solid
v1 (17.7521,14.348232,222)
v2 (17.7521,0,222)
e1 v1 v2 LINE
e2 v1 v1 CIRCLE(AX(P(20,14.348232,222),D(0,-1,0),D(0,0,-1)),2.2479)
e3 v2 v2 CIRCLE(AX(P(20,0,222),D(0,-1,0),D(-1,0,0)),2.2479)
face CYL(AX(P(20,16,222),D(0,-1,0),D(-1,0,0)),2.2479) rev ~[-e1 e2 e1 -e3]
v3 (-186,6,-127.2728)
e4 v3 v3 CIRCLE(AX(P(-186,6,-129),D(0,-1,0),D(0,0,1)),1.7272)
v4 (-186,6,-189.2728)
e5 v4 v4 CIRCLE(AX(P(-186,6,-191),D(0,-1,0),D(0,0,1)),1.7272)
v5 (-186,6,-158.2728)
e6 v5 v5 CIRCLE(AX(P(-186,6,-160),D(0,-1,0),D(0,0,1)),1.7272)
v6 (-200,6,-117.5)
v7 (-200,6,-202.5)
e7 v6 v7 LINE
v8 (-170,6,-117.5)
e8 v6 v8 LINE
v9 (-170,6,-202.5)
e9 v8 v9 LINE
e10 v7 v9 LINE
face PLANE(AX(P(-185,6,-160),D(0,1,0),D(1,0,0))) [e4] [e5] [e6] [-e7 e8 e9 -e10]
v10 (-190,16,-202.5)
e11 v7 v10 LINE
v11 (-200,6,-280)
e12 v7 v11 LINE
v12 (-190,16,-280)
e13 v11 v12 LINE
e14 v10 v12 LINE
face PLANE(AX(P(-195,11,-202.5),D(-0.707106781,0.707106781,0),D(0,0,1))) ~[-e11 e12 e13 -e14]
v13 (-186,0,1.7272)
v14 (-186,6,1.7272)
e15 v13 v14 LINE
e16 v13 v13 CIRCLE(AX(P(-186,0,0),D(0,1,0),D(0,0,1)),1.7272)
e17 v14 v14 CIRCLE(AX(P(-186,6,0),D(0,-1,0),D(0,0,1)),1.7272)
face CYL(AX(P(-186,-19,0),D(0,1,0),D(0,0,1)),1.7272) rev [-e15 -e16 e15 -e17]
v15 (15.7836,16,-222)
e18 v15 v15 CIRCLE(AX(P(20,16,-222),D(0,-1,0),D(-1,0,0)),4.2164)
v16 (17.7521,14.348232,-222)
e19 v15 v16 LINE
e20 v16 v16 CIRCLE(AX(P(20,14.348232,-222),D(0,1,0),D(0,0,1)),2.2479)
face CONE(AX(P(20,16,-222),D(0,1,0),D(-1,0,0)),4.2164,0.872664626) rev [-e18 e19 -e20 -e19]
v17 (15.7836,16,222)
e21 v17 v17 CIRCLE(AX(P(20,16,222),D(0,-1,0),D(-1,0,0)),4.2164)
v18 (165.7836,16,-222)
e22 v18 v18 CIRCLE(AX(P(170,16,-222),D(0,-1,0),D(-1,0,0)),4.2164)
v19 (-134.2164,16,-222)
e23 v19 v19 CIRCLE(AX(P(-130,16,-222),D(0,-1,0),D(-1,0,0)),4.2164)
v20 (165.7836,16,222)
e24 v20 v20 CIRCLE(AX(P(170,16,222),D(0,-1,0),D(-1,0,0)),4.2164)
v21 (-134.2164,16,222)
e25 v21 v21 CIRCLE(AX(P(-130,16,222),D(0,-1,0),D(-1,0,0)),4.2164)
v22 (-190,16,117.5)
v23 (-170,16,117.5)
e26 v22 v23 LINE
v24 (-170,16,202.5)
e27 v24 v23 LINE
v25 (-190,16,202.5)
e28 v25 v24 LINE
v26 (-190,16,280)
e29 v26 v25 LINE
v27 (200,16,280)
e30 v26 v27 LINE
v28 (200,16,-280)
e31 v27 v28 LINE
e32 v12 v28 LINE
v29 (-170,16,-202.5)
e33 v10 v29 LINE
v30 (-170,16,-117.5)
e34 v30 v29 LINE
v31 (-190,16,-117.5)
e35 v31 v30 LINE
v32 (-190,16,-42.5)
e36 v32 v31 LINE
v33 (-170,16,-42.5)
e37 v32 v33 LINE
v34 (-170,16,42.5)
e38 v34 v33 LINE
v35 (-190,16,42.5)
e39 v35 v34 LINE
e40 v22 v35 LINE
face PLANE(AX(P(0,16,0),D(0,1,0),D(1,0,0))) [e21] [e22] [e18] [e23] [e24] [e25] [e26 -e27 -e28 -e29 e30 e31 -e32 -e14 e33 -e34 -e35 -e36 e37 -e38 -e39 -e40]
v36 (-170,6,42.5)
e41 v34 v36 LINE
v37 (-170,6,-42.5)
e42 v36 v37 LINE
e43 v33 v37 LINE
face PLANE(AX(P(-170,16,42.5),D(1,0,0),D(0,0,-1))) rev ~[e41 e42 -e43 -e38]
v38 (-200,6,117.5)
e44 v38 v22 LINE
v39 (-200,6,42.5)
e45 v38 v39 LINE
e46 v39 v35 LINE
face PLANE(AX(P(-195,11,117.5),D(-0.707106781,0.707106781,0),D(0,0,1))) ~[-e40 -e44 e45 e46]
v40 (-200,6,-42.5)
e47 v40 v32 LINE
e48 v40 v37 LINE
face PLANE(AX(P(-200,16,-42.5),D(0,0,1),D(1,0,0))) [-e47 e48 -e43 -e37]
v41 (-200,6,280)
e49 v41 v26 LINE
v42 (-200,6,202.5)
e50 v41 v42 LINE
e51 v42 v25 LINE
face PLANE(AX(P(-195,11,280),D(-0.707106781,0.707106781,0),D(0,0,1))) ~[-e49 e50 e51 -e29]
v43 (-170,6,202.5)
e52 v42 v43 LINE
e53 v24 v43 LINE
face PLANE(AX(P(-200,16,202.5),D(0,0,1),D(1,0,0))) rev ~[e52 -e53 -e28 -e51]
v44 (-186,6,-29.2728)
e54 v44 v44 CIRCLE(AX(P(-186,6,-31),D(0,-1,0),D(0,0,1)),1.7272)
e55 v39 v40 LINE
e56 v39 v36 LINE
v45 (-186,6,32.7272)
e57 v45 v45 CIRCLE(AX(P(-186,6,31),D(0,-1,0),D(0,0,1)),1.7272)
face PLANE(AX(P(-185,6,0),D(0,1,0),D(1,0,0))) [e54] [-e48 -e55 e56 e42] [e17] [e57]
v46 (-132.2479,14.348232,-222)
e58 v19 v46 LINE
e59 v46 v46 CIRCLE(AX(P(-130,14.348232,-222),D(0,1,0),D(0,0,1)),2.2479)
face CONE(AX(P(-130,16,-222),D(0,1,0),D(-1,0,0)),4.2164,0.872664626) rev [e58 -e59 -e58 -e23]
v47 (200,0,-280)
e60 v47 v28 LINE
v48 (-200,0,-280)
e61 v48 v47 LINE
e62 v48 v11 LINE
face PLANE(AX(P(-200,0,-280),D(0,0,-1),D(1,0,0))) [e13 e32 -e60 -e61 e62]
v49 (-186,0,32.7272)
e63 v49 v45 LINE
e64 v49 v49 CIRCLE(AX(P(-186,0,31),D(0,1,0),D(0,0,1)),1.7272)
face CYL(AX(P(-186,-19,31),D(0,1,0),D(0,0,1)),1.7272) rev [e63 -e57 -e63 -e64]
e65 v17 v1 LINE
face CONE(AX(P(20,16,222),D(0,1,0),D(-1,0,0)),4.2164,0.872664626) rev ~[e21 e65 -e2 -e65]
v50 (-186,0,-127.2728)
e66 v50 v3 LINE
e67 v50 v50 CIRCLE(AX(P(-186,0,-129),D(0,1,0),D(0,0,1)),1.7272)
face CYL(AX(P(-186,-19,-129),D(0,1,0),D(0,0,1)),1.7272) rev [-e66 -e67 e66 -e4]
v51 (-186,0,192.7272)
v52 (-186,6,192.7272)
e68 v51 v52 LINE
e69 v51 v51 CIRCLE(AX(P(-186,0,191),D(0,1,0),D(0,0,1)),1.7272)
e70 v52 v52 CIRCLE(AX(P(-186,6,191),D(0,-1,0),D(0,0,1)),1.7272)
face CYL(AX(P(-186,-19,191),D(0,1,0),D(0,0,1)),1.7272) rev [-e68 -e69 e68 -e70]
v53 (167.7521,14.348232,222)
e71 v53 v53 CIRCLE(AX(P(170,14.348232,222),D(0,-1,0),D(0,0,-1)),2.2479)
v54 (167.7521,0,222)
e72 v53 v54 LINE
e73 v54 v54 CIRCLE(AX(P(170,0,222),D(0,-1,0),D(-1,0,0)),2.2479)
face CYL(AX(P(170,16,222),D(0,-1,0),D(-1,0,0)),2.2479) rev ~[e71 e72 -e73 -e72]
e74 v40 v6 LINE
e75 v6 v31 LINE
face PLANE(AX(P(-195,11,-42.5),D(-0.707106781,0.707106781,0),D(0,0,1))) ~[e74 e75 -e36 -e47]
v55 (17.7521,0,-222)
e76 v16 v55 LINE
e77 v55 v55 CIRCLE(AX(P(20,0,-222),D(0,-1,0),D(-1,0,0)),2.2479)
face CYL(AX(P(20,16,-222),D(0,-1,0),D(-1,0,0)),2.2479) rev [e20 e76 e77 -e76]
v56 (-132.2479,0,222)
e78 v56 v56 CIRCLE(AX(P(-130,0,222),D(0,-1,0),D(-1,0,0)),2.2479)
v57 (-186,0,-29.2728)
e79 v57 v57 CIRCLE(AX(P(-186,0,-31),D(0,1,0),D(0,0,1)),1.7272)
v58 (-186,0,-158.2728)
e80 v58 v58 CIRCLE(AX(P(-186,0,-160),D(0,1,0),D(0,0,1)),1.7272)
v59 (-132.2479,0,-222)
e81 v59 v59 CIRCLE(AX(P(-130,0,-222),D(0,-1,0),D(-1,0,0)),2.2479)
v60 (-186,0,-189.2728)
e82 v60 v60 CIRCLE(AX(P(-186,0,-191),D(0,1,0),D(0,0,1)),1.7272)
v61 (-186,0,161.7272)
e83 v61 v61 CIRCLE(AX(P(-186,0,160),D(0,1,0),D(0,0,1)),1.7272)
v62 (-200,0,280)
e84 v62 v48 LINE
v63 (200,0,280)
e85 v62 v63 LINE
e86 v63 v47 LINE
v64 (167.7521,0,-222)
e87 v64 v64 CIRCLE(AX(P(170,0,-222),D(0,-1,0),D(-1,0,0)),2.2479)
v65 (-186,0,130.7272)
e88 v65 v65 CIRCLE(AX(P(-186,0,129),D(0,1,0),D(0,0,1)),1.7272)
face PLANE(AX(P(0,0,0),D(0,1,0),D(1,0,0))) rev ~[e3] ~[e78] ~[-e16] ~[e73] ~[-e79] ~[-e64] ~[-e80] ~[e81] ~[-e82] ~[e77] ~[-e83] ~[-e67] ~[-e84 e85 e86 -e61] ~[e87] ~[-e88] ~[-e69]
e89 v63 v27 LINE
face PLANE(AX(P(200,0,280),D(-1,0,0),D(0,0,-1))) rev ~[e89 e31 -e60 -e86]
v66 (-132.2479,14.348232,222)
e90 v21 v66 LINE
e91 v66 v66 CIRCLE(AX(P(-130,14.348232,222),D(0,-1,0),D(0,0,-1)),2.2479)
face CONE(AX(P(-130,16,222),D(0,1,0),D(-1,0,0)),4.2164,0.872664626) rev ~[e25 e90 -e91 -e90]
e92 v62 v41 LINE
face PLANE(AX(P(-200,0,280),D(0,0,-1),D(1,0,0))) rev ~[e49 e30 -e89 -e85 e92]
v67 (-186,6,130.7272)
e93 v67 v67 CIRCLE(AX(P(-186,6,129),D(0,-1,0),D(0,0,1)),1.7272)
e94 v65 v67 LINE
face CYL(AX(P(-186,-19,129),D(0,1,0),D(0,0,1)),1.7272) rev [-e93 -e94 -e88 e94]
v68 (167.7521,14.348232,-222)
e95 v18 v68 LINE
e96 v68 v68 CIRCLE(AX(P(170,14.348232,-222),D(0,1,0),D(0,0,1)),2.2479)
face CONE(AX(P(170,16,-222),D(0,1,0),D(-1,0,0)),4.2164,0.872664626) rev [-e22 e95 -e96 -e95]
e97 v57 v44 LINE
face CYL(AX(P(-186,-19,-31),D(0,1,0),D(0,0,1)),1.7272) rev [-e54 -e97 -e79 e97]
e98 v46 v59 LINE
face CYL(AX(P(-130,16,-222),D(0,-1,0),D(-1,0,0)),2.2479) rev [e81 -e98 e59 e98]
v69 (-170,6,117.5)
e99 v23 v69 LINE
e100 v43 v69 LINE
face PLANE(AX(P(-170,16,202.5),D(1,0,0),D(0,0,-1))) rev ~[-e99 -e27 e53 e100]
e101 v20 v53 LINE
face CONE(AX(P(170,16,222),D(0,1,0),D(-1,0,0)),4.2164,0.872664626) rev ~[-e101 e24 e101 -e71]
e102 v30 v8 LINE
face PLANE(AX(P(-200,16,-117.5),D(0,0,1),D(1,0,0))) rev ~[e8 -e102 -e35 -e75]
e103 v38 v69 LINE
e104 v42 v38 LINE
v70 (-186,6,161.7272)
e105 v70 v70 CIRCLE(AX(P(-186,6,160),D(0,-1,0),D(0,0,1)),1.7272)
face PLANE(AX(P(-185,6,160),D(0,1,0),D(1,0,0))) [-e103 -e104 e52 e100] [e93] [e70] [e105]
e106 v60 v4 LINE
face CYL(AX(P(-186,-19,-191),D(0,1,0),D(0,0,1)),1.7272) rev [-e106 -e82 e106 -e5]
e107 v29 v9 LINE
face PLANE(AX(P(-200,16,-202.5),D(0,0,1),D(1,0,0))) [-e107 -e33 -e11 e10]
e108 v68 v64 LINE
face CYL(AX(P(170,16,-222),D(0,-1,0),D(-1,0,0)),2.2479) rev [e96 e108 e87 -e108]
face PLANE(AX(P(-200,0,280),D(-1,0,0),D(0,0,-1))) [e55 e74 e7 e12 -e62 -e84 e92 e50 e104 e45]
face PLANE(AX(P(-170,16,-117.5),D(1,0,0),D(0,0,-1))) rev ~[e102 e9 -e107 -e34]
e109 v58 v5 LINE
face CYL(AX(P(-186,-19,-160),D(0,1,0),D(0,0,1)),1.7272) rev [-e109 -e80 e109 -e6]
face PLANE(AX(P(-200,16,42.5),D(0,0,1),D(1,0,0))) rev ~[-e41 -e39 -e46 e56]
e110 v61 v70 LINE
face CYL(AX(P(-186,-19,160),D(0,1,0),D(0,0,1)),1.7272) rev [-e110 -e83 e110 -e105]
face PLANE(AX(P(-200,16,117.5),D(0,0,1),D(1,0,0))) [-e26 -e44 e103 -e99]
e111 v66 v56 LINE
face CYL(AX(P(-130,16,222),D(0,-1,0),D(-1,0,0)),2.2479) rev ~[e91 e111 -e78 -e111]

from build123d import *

# Parameters (mm, degrees)
SKETCH1_W                                         = 400
SKETCH1_H                                         = 560
BOSS_EXTRUDE1_DEPTH                               = 16
SKETCH2_W                                         = 30
SKETCH2_H                                         = 85
CUT_EXTRUDE1_DEPTH                                = 10
CHAMFER2_SIZE                                     = 10
F_8_36_TAPPED_HOLE1_AT_2_COUNT                    = 2
F_8_36_TAPPED_HOLE1_AT_2_PITCH                    = 31
F_8_36_TAPPED_HOLE1_AT_3_COUNT                    = 2
F_8_36_TAPPED_HOLE1_AT_3_PITCH                    = 62
LPATTERN1_COUNT                                   = 3
LPATTERN1_PITCH                                   = 160
CSK_FOR_8_FLAT_HEAD_MACHINE_SCREW_100_D           = 4.4958
CSK_FOR_8_FLAT_HEAD_MACHINE_SCREW_100_CSINK_D     = 8.4328
CSK_FOR_8_FLAT_HEAD_MACHINE_SCREW_100_CSINK_ANGLE = 100


with BuildPart() as part:
    # Sketch1 → Boss-Extrude1 (new body)
    with BuildSketch(Plane(origin=(0, 0, 0), x_dir=(1, 0, 0), z_dir=(0, 1, 0))):
        Rectangle(SKETCH1_W, SKETCH1_H)
    extrude(amount=BOSS_EXTRUDE1_DEPTH)

    # Sketch2 → Cut-Extrude1 (cut)
    with BuildSketch(Plane(origin=(0, 16, 0), x_dir=(1, 0, 0), z_dir=(0, 1, 0))):
        with Locations((-185, 160)):
            Rectangle(SKETCH2_W, SKETCH2_H)
        with Locations((-185, 0)):
            Rectangle(SKETCH2_W, SKETCH2_H)
        with Locations((-185, -160)):
            Rectangle(SKETCH2_W, SKETCH2_H)
    extrude(amount=-CUT_EXTRUDE1_DEPTH, mode=Mode.SUBTRACT)

    # Chamfer2
    chamfer2_edges = [part.edges().sort_by_distance(p)[0] for p in [
        (-200, 16, -241.25),
        (-200, 16, -80),
        (-200, 16, 80),
        (-200, 16, 241.25),
    ]]
    chamfer(chamfer2_edges, length=CHAMFER2_SIZE)

    # Sketch7 → #8-36 Tapped Hole1 (revolve, cut)
    with BuildSketch(Plane(origin=(-186, 6, 129), x_dir=(0, 0, 1), z_dir=(1, 0, 0))):
        Polygon((0, 0), (0, 26.037806461), (1.7272, 25), (1.7272, 0), align=None)
    f_8_36_tapped_hole1 = revolve(axis=Axis((-186, 12.35, 129), (0, -1, 0)), mode=Mode.SUBTRACT)

    # #8-36 Tapped Hole1 at 2: #8-36 Tapped Hole1 ×2
    with Locations(*[(0, 0, i * F_8_36_TAPPED_HOLE1_AT_2_PITCH) for i in range(1, F_8_36_TAPPED_HOLE1_AT_2_COUNT)]):
        add(f_8_36_tapped_hole1, mode=Mode.SUBTRACT)

    # #8-36 Tapped Hole1 at 3: #8-36 Tapped Hole1 ×2
    with Locations(*[(0, 0, i * F_8_36_TAPPED_HOLE1_AT_3_PITCH) for i in range(1, F_8_36_TAPPED_HOLE1_AT_3_COUNT)]):
        add(f_8_36_tapped_hole1, mode=Mode.SUBTRACT)

    # LPattern1: #8-36 Tapped Hole1 ×3
    with Locations(*[(0, 0, -i * LPATTERN1_PITCH) for i in range(1, LPATTERN1_COUNT)]):
        add(f_8_36_tapped_hole1, mode=Mode.SUBTRACT)

    # LPattern1 copy 1 sketch → LPattern1 copy 1 (revolve, cut)
    with BuildSketch(Plane(origin=(-186, 6, 0), x_dir=(0, 0, 1), z_dir=(1, 0, 0))):
        Polygon((0, 0), (0, 26.037806461), (1.7272, 25), (1.7272, 0), align=None)
    revolve(axis=Axis((-186, 12.35, 0), (0, -1, 0)), mode=Mode.SUBTRACT)

    # LPattern1 copy 2 sketch → LPattern1 copy 2 (revolve, cut)
    with BuildSketch(Plane(origin=(-186, 6, -160), x_dir=(0, 0, 1), z_dir=(1, 0, 0))):
        Polygon((0, 0), (0, 26.037806461), (1.7272, 25), (1.7272, 0), align=None)
    revolve(axis=Axis((-186, 12.35, -160), (0, -1, 0)), mode=Mode.SUBTRACT)

    # LPattern1 copy 3 sketch → LPattern1 copy 3 (revolve, cut)
    with BuildSketch(Plane(origin=(-186, 6, 31), x_dir=(0, 0, 1), z_dir=(1, 0, 0))):
        Polygon((0, 0), (0, 26.037806461), (1.7272, 25), (1.7272, 0), align=None)
    revolve(axis=Axis((-186, 12.35, 31), (0, -1, 0)), mode=Mode.SUBTRACT)

    # LPattern1 copy 4 sketch → LPattern1 copy 4 (revolve, cut)
    with BuildSketch(Plane(origin=(-186, 6, -129), x_dir=(0, 0, 1), z_dir=(1, 0, 0))):
        Polygon((0, 0), (0, 26.037806461), (1.7272, 25), (1.7272, 0), align=None)
    revolve(axis=Axis((-186, 12.35, -129), (0, -1, 0)), mode=Mode.SUBTRACT)

    # CSK for #8 Flat Head Machine Screw (100)1 (through all)
    with Locations(Plane(origin=(617.704940286, 16, 0), x_dir=(1, 0, 0), z_dir=(0, 1, 0))):
        with Locations((-447.704940286, -222), (-597.704940286, -222), (-747.704940286, -222)):
            csk_for_8_flat_head_machine_screw_100 = CounterSinkHole(CSK_FOR_8_FLAT_HEAD_MACHINE_SCREW_100_D / 2, CSK_FOR_8_FLAT_HEAD_MACHINE_SCREW_100_CSINK_D / 2, counter_sink_angle=CSK_FOR_8_FLAT_HEAD_MACHINE_SCREW_100_CSINK_ANGLE)

    # Mirror1: CSK for #8 Flat Head Machine Screw (100)1 across plane
    add(csk_for_8_flat_head_machine_screw_100.mirror(Plane.XY), mode=Mode.SUBTRACT)


solid = part.part
